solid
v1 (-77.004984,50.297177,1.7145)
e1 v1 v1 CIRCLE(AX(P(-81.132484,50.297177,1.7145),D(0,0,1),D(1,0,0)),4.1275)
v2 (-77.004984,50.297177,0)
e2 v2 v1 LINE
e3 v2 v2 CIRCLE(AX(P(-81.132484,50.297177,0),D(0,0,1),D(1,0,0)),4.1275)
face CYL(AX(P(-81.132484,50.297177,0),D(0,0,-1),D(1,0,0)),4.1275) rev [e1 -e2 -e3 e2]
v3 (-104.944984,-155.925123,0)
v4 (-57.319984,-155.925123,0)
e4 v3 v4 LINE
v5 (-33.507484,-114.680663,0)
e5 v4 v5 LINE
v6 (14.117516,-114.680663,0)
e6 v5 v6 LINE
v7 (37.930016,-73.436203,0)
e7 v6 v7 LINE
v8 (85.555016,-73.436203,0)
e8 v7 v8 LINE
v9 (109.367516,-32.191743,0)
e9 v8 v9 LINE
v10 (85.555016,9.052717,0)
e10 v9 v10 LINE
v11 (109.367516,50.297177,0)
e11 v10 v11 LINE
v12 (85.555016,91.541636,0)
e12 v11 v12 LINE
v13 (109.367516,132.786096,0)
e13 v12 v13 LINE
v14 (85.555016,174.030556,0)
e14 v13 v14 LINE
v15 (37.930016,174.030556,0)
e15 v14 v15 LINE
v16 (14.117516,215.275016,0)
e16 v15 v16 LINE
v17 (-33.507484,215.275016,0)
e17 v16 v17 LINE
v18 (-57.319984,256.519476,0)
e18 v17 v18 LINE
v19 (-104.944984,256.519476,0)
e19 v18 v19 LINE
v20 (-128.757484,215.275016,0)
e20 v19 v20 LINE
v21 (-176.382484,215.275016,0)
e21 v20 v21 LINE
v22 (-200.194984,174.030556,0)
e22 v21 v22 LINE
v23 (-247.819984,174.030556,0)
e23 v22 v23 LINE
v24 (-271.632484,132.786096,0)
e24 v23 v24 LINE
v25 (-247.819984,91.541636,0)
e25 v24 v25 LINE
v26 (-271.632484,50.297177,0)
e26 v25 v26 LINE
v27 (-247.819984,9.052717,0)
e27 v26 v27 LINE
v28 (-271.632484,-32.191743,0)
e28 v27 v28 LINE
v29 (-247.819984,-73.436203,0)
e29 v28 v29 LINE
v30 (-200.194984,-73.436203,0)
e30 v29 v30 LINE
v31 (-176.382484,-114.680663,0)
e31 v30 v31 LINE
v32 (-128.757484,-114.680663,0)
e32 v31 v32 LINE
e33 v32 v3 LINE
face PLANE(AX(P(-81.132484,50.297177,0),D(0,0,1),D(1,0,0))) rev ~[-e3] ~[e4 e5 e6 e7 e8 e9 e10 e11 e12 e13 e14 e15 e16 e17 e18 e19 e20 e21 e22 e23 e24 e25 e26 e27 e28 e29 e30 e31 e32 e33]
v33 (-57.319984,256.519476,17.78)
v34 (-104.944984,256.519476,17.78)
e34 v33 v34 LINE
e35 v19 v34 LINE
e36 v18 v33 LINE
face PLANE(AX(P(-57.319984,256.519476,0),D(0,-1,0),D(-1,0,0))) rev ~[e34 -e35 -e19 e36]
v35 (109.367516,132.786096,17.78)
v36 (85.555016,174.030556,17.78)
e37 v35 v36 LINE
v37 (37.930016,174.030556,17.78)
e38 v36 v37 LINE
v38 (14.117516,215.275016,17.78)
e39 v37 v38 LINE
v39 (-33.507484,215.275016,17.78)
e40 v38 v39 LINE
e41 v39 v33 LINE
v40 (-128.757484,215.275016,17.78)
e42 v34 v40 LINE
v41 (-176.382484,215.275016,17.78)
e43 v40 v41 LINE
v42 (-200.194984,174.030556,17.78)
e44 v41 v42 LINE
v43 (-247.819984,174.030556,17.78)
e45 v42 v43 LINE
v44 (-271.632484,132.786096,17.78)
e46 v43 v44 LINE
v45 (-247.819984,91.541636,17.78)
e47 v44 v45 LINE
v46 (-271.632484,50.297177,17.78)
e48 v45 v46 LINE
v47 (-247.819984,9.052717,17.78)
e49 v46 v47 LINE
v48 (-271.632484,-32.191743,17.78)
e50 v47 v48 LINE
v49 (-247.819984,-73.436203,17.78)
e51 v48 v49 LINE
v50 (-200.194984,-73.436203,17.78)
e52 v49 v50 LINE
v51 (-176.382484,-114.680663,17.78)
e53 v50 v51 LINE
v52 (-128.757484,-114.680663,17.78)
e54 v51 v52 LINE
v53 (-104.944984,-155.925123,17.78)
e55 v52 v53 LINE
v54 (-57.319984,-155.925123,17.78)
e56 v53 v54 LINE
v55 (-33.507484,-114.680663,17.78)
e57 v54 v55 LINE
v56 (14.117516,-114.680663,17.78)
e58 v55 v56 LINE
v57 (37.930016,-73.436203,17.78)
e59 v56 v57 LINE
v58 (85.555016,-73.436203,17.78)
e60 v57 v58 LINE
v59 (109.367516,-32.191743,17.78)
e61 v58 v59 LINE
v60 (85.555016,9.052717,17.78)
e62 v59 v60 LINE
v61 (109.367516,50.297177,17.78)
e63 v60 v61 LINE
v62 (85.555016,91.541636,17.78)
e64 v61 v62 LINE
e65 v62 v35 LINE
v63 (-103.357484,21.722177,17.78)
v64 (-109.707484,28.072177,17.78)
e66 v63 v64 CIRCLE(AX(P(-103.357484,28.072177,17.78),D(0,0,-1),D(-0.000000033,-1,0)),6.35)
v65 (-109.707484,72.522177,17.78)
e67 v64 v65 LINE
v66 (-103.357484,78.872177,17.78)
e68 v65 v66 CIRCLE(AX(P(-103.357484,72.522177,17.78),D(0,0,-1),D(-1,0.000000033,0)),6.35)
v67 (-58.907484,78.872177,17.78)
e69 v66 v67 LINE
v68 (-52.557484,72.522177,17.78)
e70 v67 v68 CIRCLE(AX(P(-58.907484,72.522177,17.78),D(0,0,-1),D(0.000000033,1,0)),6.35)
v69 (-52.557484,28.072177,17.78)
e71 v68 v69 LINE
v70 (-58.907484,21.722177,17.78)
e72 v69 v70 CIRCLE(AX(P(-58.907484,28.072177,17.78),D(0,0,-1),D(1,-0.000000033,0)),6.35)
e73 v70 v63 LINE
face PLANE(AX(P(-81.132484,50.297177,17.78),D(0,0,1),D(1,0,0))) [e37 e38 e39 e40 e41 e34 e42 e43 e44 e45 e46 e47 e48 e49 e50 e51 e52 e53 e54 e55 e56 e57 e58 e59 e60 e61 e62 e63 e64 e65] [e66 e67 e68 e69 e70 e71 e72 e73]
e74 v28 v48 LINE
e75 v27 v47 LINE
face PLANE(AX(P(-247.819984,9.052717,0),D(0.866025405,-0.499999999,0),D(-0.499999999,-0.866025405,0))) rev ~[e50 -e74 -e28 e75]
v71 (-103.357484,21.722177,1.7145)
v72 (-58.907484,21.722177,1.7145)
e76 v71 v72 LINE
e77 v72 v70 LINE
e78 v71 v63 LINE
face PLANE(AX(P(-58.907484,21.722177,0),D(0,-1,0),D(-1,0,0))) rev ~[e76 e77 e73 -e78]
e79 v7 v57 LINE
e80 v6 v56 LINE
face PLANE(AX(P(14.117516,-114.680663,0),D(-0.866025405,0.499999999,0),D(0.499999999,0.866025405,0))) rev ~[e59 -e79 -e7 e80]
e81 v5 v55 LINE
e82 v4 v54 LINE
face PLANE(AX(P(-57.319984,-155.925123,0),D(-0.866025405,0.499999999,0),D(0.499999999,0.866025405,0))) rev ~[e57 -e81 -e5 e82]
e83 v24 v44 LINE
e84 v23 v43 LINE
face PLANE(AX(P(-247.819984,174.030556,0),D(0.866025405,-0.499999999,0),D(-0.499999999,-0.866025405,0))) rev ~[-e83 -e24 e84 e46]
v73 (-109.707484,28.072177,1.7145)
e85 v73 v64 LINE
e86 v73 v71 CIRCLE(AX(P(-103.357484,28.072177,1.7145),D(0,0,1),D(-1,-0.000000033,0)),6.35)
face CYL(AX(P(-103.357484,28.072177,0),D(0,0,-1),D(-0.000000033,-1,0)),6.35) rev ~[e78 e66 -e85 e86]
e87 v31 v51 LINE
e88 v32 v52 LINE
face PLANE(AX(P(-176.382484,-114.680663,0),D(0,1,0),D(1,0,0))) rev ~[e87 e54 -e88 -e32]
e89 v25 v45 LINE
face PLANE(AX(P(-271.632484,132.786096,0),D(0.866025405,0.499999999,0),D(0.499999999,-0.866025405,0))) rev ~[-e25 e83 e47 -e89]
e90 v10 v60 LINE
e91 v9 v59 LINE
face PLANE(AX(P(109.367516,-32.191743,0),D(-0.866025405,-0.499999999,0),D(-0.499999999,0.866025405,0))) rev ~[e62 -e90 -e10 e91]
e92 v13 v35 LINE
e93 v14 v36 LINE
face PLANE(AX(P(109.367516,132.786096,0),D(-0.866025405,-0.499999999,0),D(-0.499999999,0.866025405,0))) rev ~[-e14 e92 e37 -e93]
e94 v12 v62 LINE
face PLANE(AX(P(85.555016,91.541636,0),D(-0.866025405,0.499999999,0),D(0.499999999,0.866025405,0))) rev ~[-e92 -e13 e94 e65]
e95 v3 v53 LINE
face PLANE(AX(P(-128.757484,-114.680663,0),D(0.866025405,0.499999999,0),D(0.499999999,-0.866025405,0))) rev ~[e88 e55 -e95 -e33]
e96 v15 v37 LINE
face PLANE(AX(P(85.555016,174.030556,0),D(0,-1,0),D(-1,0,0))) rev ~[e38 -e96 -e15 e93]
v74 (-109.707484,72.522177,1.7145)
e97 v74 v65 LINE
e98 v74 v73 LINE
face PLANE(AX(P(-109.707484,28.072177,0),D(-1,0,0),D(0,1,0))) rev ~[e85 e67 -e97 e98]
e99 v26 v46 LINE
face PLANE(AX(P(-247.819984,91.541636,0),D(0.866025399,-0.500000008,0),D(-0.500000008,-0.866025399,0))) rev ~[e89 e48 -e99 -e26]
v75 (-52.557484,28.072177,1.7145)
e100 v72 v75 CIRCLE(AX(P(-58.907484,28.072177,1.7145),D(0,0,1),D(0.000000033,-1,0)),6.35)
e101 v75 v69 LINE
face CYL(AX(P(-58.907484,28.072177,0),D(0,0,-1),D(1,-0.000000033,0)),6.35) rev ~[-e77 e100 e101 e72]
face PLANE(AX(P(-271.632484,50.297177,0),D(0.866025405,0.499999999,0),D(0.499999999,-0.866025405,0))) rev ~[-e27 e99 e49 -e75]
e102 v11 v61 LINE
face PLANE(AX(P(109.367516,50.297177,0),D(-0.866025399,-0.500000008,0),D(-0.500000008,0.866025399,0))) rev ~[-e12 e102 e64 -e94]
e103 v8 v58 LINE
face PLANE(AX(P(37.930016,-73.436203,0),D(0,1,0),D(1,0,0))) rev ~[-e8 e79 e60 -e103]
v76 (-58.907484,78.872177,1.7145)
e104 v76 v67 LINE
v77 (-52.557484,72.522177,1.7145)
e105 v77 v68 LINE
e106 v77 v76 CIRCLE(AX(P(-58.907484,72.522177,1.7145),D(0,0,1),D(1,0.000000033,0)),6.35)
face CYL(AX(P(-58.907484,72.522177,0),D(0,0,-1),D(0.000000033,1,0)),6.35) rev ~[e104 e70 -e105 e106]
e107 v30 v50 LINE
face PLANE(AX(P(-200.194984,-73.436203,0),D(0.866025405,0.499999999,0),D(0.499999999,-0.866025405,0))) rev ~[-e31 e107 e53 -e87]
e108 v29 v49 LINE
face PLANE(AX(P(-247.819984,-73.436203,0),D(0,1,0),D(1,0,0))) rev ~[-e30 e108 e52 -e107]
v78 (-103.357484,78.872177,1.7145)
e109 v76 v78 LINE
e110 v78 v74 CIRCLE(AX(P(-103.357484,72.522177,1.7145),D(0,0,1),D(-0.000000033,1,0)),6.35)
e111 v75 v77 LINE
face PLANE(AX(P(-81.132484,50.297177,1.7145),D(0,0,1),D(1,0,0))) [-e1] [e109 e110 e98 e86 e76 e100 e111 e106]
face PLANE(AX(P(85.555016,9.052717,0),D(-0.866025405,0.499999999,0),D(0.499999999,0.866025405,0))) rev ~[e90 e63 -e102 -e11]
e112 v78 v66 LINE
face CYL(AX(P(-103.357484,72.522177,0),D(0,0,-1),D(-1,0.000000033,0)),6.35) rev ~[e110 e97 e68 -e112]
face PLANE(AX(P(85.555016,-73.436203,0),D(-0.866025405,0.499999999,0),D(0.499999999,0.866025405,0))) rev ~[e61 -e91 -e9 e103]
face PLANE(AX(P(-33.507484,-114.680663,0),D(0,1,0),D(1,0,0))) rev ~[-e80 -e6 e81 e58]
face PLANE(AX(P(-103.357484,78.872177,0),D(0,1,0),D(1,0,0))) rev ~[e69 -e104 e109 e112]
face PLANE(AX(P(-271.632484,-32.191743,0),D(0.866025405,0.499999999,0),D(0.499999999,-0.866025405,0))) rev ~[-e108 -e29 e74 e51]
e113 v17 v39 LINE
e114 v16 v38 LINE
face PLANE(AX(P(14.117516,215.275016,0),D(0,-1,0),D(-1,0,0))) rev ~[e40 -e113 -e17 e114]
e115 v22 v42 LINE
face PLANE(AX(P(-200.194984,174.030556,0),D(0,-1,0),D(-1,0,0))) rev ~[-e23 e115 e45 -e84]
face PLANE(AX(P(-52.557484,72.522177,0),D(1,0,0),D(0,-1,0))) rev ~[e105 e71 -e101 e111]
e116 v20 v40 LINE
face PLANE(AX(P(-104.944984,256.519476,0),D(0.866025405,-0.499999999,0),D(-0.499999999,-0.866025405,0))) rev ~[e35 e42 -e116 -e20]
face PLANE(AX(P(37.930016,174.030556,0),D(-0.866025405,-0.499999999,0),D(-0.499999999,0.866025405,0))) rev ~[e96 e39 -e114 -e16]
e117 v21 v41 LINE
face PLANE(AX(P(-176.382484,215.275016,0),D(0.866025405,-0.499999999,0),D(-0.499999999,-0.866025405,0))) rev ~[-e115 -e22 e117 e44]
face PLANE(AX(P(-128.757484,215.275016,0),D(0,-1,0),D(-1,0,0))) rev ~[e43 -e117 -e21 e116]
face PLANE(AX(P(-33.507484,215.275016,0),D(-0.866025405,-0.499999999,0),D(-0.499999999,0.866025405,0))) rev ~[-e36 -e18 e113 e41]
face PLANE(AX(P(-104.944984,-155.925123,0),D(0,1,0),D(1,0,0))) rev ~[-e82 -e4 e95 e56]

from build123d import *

# Parameters (mm, degrees)
F2_DEPTH = 17.78
F1_R     = 4.1275
F3_DEPTH = 1.7145


with BuildPart() as f2:
    # F1 (on Top) → F2 (new body)
    with BuildSketch(Plane.XY):
        Polygon((-271.632484, 50.297177), (-247.819984, 9.052717), (-271.632484, -32.191743), (-247.819984, -73.436203), (-200.194984, -73.436203), (-176.382484, -114.680663), (-128.757484, -114.680663), (-104.944984, -155.925123), (-57.319984, -155.925123), (-33.507484, -114.680663), (14.117516, -114.680663), (37.930016, -73.436203), (85.555016, -73.436203), (109.367516, -32.191743), (85.555016, 9.052717), (109.367516, 50.297177), (85.555016, 91.541636), (109.367516, 132.786096), (85.555016, 174.030556), (37.930016, 174.030556), (14.117516, 215.275016), (-33.507484, 215.275016), (-57.319984, 256.519476), (-104.944984, 256.519476), (-128.757484, 215.275016), (-176.382484, 215.275016), (-200.194984, 174.030556), (-247.819984, 174.030556), (-271.632484, 132.786096), (-247.819984, 91.541636), align=None)
        with BuildLine():
            ThreePointArc((-109.707484, 72.522177), (-107.847612, 77.012305), (-103.357484, 78.872177))
            Line((-103.357484, 78.872177), (-58.907484, 78.872177))
            ThreePointArc((-58.907484, 78.872177), (-54.417356, 77.012305), (-52.557484, 72.522177))
            Line((-52.557484, 72.522177), (-52.557484, 28.072177))
            ThreePointArc((-52.557484, 28.072177), (-54.417356, 23.582049), (-58.907484, 21.722177))
            Line((-58.907484, 21.722177), (-103.357484, 21.722177))
            ThreePointArc((-103.357484, 21.722177), (-107.847612, 23.582049), (-109.707484, 28.072177))
            Line((-109.707484, 28.072177), (-109.707484, 72.522177))
        make_face(mode=Mode.SUBTRACT)
    extrude(amount=F2_DEPTH)

    # F1 (on Top) → F3 (join)
    with BuildSketch(Plane.XY):
        with BuildLine():
            Line((-58.907484, 78.872177), (-103.357484, 78.872177))
            ThreePointArc((-103.357484, 78.872177), (-107.847612, 77.012305), (-109.707484, 72.522177))
            Line((-109.707484, 72.522177), (-109.707484, 28.072177))
            ThreePointArc((-109.707484, 28.072177), (-107.847612, 23.582049), (-103.357484, 21.722177))
            Line((-103.357484, 21.722177), (-58.907484, 21.722177))
            ThreePointArc((-58.907484, 21.722177), (-54.417356, 23.582049), (-52.557484, 28.072177))
            Line((-52.557484, 28.072177), (-52.557484, 72.522177))
            ThreePointArc((-52.557484, 72.522177), (-54.417356, 77.012305), (-58.907484, 78.872177))
        make_face()
        with Locations((-81.132484, 50.297177)):
            Circle(F1_R, mode=Mode.SUBTRACT)
    extrude(amount=F3_DEPTH)


solid = f2.part
